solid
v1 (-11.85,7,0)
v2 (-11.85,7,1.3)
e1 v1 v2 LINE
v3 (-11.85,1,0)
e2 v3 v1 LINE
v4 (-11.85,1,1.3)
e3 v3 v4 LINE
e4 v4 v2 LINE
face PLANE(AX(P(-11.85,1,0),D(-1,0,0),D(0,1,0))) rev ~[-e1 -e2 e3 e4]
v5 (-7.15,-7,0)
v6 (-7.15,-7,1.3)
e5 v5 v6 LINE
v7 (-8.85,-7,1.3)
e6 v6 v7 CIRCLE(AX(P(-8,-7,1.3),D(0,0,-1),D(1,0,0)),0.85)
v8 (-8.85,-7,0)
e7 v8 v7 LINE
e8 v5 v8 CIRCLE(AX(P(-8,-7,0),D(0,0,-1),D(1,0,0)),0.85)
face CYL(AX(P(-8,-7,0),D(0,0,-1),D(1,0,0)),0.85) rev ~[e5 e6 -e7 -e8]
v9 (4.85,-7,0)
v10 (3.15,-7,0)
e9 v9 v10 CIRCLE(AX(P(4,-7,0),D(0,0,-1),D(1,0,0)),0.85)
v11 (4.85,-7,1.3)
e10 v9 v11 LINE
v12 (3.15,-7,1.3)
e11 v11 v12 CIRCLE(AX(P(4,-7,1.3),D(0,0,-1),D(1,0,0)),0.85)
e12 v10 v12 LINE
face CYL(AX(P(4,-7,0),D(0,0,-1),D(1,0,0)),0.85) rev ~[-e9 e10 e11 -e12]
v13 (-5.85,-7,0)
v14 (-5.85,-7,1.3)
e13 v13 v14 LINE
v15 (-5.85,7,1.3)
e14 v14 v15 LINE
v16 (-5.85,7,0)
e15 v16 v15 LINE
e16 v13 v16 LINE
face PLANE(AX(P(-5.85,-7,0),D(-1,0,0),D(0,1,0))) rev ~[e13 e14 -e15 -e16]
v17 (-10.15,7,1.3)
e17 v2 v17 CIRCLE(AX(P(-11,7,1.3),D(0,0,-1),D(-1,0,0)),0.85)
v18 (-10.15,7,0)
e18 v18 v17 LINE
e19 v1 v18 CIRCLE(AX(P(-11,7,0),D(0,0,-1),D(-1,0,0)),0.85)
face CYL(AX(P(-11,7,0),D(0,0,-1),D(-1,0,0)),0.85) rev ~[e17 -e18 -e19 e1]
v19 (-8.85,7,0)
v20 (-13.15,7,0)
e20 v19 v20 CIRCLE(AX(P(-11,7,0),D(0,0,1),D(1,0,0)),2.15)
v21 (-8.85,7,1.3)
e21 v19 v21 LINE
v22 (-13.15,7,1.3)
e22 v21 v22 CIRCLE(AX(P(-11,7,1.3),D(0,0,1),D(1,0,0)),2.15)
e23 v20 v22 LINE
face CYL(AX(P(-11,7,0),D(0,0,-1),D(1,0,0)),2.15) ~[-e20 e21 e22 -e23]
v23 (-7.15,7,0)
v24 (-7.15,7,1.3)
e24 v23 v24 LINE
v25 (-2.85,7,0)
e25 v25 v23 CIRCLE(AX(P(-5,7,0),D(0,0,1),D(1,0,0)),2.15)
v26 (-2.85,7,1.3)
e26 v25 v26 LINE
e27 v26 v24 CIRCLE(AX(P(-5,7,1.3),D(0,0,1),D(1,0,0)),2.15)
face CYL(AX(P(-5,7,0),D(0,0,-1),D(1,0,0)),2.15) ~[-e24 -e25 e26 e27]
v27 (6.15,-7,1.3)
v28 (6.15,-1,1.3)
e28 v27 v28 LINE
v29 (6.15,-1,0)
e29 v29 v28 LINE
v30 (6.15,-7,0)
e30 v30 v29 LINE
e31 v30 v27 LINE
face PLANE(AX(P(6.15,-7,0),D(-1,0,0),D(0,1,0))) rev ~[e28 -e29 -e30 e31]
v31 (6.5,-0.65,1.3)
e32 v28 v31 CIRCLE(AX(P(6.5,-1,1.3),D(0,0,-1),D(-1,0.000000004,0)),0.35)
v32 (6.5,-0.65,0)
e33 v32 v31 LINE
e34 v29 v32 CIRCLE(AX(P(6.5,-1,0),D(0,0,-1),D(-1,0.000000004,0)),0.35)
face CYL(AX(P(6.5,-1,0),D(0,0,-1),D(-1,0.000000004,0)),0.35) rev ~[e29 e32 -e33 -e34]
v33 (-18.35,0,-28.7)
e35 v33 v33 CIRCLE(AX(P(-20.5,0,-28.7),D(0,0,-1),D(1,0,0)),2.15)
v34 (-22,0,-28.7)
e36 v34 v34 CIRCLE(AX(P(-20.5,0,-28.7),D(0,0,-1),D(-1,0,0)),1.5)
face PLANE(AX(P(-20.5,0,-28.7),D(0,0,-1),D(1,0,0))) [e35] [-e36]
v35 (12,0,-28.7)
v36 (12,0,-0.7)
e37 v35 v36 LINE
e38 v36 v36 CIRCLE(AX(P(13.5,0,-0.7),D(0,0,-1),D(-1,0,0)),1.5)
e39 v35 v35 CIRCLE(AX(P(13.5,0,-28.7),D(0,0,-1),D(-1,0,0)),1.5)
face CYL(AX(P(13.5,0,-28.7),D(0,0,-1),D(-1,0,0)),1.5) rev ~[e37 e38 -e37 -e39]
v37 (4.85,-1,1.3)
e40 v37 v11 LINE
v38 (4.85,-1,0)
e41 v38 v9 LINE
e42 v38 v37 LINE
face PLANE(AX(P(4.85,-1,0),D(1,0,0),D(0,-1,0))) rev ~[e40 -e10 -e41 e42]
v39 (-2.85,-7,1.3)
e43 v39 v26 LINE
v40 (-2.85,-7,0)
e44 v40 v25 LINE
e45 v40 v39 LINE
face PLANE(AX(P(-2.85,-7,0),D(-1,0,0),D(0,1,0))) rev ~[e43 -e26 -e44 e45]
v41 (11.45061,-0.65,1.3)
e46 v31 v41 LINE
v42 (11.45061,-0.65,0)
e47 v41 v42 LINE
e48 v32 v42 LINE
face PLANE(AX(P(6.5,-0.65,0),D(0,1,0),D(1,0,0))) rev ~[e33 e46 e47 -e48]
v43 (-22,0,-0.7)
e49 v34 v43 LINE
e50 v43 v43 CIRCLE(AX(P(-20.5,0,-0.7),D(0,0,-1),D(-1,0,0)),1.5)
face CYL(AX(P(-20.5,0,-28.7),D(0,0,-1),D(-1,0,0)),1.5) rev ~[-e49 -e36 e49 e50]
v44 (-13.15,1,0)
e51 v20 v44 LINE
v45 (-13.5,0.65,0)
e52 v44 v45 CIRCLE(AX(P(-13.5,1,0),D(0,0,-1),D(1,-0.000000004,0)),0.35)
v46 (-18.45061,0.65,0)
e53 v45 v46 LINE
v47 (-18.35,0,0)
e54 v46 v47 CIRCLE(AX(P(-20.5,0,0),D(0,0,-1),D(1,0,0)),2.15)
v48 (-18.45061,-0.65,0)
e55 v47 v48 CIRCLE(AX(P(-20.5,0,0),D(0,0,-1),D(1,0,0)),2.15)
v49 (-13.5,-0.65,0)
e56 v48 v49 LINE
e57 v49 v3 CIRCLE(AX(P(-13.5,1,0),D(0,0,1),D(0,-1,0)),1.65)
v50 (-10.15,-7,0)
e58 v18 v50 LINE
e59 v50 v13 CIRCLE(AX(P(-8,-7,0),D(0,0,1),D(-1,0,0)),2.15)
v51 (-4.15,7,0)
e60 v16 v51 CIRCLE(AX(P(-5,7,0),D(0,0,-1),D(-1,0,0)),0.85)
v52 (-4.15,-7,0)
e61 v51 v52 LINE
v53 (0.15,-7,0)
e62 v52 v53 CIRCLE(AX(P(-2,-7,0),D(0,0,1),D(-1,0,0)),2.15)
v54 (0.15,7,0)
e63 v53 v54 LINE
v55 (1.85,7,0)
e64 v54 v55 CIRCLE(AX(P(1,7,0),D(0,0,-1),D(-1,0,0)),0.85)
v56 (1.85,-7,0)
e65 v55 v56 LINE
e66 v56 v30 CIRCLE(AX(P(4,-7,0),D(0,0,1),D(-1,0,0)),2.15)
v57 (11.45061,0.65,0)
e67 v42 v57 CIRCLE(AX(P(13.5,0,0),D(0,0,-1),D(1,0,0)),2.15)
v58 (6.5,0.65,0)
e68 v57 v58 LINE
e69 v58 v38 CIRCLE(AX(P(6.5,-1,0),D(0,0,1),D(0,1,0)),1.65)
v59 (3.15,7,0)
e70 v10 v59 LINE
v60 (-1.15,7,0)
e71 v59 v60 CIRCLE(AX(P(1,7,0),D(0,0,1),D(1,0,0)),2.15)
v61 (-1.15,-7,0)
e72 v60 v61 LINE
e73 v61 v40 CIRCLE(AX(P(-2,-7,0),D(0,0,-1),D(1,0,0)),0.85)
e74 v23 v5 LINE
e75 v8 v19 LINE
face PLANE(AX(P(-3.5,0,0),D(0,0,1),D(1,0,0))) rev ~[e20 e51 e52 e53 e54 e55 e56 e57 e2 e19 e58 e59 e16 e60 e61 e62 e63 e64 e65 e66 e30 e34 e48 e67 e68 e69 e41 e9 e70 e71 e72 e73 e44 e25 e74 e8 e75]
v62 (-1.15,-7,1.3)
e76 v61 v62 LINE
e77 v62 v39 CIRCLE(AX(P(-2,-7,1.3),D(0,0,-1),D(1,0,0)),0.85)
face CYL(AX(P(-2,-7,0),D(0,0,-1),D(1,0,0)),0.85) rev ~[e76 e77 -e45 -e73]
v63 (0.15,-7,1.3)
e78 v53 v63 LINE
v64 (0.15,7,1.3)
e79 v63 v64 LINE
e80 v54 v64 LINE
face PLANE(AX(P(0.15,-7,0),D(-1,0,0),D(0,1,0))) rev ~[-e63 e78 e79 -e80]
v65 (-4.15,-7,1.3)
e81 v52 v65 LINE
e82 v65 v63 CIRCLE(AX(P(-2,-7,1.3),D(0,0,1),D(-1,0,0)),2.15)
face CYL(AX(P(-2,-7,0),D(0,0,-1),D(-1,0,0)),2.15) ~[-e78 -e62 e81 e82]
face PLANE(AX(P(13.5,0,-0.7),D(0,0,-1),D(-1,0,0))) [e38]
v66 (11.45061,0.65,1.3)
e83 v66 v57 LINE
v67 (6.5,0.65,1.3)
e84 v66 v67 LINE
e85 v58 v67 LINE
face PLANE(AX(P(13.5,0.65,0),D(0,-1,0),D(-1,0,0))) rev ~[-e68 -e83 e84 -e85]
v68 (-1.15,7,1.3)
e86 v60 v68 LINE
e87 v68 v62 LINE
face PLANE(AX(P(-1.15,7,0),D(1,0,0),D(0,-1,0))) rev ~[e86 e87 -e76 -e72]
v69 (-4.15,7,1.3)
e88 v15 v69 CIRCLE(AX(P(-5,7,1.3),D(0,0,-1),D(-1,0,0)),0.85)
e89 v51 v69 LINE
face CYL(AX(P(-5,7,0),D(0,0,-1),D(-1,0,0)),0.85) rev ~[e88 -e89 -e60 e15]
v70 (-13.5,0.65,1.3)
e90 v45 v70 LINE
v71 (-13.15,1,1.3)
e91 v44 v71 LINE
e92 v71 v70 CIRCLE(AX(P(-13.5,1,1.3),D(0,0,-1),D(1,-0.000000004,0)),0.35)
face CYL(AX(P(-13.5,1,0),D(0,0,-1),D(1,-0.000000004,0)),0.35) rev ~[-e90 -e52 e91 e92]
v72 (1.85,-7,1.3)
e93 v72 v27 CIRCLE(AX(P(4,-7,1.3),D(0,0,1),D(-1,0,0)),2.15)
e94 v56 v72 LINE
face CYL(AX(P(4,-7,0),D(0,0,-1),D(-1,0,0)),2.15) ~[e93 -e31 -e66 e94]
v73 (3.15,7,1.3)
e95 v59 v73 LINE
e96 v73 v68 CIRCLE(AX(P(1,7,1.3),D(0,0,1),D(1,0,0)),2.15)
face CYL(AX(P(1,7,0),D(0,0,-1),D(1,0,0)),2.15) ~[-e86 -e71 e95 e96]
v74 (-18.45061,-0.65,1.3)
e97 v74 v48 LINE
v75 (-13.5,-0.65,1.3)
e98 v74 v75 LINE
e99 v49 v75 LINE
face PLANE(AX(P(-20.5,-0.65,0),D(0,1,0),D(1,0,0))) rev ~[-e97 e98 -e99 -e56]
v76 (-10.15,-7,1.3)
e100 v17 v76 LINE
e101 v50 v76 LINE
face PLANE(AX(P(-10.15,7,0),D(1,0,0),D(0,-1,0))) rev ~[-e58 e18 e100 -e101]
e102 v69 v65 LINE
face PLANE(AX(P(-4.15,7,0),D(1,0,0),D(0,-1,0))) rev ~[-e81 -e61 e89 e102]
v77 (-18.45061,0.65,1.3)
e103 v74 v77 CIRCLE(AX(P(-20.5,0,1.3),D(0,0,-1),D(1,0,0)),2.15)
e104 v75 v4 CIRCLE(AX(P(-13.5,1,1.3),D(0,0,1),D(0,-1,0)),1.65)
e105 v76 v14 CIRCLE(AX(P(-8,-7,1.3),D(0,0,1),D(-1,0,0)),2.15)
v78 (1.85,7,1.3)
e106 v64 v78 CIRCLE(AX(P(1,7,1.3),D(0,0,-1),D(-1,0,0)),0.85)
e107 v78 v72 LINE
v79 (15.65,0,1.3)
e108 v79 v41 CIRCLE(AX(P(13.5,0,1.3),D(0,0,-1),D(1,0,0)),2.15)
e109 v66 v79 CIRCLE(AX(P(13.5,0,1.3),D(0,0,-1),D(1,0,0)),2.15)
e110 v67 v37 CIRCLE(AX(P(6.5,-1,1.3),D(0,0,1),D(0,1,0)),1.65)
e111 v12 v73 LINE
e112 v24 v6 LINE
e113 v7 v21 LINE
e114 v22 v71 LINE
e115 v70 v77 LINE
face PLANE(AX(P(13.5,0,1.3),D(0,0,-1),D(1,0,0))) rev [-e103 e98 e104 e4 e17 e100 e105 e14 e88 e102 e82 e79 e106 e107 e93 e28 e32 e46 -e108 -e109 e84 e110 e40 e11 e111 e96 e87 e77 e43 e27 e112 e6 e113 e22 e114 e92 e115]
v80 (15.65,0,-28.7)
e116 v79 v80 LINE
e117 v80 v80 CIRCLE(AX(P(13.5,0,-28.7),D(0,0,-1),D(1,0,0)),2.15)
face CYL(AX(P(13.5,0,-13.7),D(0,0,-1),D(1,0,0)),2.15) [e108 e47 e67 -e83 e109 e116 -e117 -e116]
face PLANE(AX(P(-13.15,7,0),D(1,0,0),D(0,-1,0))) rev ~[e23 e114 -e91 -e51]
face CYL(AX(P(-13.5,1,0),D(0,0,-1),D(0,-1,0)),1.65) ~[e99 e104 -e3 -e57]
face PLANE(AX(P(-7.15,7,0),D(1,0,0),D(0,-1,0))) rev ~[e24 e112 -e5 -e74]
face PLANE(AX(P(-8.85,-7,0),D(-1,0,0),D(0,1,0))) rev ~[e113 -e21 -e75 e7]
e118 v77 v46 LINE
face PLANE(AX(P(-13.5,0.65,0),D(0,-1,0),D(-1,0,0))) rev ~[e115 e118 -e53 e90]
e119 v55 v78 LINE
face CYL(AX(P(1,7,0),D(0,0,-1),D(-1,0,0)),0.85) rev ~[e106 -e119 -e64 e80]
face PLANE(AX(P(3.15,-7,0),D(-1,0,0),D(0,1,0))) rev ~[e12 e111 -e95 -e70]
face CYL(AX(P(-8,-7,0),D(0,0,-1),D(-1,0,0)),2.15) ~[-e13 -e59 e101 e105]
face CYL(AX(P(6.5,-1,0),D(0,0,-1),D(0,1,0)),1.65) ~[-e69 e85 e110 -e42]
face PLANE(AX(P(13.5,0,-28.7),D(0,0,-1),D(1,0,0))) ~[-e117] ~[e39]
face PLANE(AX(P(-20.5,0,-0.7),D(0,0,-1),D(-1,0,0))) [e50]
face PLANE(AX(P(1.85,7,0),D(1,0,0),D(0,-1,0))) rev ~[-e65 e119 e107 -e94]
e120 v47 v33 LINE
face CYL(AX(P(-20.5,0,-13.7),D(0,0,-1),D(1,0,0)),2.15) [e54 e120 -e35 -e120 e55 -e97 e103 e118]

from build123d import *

# Parameters (mm, degrees)
BOSS_EXTRUDE1_DEPTH = 1.3
SKETCH3_W           = 2.15
SKETCH3_H           = 30
SKETCH4_W           = 2.15
SKETCH4_H           = 30
SKETCH5_R           = 1.5
CUT_EXTRUDE1_DEPTH  = 28


with BuildPart() as part:
    # Sketch2 → Boss-Extrude1 (new body)
    with BuildSketch(Plane.XY):
        with BuildLine():
            Line((-20.5, -0.65), (-13.5, -0.65))
            ThreePointArc((-13.5, -0.65), (-12.333273811, -0.166726189), (-11.85, 1))
            Line((-11.85, 1), (-11.85, 7))
            ThreePointArc((-11.85, 7), (-11, 7.85), (-10.15, 7))
            Line((-10.15, 7), (-10.15, 0))
            Line((-10.15, 0), (-10.15, -7))
            ThreePointArc((-10.15, -7), (-8, -9.15), (-5.85, -7))
            Line((-5.85, -7), (-5.85, 0))
            Line((-5.85, 0), (-5.85, 7))
            ThreePointArc((-5.85, 7), (-5, 7.85), (-4.15, 7))
            Line((-4.15, 7), (-4.15, 0))
            Line((-4.15, 0), (-4.15, -7))
            ThreePointArc((-4.15, -7), (-2, -9.15), (0.15, -7))
            Line((0.15, -7), (0.15, 0))
            Line((0.15, 0), (0.15, 7))
            ThreePointArc((0.15, 7), (1, 7.85), (1.85, 7))
            Line((1.85, 7), (1.85, 0))
            Line((1.85, 0), (1.85, -7))
            ThreePointArc((1.85, -7), (4, -9.15), (6.15, -7))
            Line((6.15, -7), (6.15, -1))
            ThreePointArc((6.15, -1), (6.252512627, -0.752512627), (6.5, -0.65))
            Line((6.5, -0.65), (13.5, -0.65))
            ThreePointArc((13.5, -0.65), (14.15, 0), (13.5, 0.65))
            Line((13.5, 0.65), (6.5, 0.65))
            ThreePointArc((6.5, 0.65), (5.333273811, 0.166726189), (4.85, -1))
            Line((4.85, -1), (4.85, -7))
            ThreePointArc((4.85, -7), (4, -7.85), (3.15, -7))
            Line((3.15, -7), (3.15, 0))
            Line((3.15, 0), (3.15, 7))
            ThreePointArc((3.15, 7), (1, 9.15), (-1.15, 7))
            Line((-1.15, 7), (-1.15, 0))
            Line((-1.15, 0), (-1.15, -7))
            ThreePointArc((-1.15, -7), (-2, -7.85), (-2.85, -7))
            Line((-2.85, -7), (-2.85, 0))
            Line((-2.85, 0), (-2.85, 7))
            ThreePointArc((-2.85, 7), (-5, 9.15), (-7.15, 7))
            Line((-7.15, 7), (-7.15, 0))
            Line((-7.15, 0), (-7.15, -7))
            ThreePointArc((-7.15, -7), (-8, -7.85), (-8.85, -7))
            Line((-8.85, -7), (-8.85, 0))
            Line((-8.85, 0), (-8.85, 7))
            ThreePointArc((-8.85, 7), (-11, 9.15), (-13.15, 7))
            Line((-13.15, 7), (-13.15, 1))
            ThreePointArc((-13.15, 1), (-13.252512627, 0.752512627), (-13.5, 0.65))
            Line((-13.5, 0.65), (-20.5, 0.65))
            ThreePointArc((-20.5, 0.65), (-21.15, 0), (-20.5, -0.65))
        make_face()
    extrude(amount=BOSS_EXTRUDE1_DEPTH)

    # Sketch3 → Revolve1 (revolve)
    with BuildSketch(Plane(origin=(0, 0, 0), x_dir=(1, 0, 0), z_dir=(0, 1, 0)), mode=Mode.PRIVATE) as revolve1_sk:
        with Locations((-21.575, 13.7)):
            Rectangle(SKETCH3_W, SKETCH3_H)
    revolve(revolve1_sk.sketch.rotate(Axis((-20.5, 0, 1.3), (0, 0, -1)), 180), axis=Axis((-20.5, 0, 1.3), (0, 0, -1)))

    # Sketch4 → Revolve2 (revolve)
    with BuildSketch(Plane(origin=(0, 0, 0), x_dir=(1, 0, 0), z_dir=(0, 1, 0))):
        with Locations((14.575, 13.7)):
            Rectangle(SKETCH4_W, SKETCH4_H)
    revolve(axis=Axis((13.5, 0, 1.3), (0, 0, -1)))

    # Sketch5 → Cut-Extrude1 (cut)
    with BuildSketch(Plane(origin=(0, 0, -28.7), x_dir=(-1, 0, 0), z_dir=(0, 0, -1))):
        with Locations((-13.5, 0)):
            Circle(SKETCH5_R)
        with Locations((20.5, 0)):
            Circle(SKETCH5_R)
    extrude(amount=-CUT_EXTRUDE1_DEPTH, mode=Mode.SUBTRACT)


solid = part.part
